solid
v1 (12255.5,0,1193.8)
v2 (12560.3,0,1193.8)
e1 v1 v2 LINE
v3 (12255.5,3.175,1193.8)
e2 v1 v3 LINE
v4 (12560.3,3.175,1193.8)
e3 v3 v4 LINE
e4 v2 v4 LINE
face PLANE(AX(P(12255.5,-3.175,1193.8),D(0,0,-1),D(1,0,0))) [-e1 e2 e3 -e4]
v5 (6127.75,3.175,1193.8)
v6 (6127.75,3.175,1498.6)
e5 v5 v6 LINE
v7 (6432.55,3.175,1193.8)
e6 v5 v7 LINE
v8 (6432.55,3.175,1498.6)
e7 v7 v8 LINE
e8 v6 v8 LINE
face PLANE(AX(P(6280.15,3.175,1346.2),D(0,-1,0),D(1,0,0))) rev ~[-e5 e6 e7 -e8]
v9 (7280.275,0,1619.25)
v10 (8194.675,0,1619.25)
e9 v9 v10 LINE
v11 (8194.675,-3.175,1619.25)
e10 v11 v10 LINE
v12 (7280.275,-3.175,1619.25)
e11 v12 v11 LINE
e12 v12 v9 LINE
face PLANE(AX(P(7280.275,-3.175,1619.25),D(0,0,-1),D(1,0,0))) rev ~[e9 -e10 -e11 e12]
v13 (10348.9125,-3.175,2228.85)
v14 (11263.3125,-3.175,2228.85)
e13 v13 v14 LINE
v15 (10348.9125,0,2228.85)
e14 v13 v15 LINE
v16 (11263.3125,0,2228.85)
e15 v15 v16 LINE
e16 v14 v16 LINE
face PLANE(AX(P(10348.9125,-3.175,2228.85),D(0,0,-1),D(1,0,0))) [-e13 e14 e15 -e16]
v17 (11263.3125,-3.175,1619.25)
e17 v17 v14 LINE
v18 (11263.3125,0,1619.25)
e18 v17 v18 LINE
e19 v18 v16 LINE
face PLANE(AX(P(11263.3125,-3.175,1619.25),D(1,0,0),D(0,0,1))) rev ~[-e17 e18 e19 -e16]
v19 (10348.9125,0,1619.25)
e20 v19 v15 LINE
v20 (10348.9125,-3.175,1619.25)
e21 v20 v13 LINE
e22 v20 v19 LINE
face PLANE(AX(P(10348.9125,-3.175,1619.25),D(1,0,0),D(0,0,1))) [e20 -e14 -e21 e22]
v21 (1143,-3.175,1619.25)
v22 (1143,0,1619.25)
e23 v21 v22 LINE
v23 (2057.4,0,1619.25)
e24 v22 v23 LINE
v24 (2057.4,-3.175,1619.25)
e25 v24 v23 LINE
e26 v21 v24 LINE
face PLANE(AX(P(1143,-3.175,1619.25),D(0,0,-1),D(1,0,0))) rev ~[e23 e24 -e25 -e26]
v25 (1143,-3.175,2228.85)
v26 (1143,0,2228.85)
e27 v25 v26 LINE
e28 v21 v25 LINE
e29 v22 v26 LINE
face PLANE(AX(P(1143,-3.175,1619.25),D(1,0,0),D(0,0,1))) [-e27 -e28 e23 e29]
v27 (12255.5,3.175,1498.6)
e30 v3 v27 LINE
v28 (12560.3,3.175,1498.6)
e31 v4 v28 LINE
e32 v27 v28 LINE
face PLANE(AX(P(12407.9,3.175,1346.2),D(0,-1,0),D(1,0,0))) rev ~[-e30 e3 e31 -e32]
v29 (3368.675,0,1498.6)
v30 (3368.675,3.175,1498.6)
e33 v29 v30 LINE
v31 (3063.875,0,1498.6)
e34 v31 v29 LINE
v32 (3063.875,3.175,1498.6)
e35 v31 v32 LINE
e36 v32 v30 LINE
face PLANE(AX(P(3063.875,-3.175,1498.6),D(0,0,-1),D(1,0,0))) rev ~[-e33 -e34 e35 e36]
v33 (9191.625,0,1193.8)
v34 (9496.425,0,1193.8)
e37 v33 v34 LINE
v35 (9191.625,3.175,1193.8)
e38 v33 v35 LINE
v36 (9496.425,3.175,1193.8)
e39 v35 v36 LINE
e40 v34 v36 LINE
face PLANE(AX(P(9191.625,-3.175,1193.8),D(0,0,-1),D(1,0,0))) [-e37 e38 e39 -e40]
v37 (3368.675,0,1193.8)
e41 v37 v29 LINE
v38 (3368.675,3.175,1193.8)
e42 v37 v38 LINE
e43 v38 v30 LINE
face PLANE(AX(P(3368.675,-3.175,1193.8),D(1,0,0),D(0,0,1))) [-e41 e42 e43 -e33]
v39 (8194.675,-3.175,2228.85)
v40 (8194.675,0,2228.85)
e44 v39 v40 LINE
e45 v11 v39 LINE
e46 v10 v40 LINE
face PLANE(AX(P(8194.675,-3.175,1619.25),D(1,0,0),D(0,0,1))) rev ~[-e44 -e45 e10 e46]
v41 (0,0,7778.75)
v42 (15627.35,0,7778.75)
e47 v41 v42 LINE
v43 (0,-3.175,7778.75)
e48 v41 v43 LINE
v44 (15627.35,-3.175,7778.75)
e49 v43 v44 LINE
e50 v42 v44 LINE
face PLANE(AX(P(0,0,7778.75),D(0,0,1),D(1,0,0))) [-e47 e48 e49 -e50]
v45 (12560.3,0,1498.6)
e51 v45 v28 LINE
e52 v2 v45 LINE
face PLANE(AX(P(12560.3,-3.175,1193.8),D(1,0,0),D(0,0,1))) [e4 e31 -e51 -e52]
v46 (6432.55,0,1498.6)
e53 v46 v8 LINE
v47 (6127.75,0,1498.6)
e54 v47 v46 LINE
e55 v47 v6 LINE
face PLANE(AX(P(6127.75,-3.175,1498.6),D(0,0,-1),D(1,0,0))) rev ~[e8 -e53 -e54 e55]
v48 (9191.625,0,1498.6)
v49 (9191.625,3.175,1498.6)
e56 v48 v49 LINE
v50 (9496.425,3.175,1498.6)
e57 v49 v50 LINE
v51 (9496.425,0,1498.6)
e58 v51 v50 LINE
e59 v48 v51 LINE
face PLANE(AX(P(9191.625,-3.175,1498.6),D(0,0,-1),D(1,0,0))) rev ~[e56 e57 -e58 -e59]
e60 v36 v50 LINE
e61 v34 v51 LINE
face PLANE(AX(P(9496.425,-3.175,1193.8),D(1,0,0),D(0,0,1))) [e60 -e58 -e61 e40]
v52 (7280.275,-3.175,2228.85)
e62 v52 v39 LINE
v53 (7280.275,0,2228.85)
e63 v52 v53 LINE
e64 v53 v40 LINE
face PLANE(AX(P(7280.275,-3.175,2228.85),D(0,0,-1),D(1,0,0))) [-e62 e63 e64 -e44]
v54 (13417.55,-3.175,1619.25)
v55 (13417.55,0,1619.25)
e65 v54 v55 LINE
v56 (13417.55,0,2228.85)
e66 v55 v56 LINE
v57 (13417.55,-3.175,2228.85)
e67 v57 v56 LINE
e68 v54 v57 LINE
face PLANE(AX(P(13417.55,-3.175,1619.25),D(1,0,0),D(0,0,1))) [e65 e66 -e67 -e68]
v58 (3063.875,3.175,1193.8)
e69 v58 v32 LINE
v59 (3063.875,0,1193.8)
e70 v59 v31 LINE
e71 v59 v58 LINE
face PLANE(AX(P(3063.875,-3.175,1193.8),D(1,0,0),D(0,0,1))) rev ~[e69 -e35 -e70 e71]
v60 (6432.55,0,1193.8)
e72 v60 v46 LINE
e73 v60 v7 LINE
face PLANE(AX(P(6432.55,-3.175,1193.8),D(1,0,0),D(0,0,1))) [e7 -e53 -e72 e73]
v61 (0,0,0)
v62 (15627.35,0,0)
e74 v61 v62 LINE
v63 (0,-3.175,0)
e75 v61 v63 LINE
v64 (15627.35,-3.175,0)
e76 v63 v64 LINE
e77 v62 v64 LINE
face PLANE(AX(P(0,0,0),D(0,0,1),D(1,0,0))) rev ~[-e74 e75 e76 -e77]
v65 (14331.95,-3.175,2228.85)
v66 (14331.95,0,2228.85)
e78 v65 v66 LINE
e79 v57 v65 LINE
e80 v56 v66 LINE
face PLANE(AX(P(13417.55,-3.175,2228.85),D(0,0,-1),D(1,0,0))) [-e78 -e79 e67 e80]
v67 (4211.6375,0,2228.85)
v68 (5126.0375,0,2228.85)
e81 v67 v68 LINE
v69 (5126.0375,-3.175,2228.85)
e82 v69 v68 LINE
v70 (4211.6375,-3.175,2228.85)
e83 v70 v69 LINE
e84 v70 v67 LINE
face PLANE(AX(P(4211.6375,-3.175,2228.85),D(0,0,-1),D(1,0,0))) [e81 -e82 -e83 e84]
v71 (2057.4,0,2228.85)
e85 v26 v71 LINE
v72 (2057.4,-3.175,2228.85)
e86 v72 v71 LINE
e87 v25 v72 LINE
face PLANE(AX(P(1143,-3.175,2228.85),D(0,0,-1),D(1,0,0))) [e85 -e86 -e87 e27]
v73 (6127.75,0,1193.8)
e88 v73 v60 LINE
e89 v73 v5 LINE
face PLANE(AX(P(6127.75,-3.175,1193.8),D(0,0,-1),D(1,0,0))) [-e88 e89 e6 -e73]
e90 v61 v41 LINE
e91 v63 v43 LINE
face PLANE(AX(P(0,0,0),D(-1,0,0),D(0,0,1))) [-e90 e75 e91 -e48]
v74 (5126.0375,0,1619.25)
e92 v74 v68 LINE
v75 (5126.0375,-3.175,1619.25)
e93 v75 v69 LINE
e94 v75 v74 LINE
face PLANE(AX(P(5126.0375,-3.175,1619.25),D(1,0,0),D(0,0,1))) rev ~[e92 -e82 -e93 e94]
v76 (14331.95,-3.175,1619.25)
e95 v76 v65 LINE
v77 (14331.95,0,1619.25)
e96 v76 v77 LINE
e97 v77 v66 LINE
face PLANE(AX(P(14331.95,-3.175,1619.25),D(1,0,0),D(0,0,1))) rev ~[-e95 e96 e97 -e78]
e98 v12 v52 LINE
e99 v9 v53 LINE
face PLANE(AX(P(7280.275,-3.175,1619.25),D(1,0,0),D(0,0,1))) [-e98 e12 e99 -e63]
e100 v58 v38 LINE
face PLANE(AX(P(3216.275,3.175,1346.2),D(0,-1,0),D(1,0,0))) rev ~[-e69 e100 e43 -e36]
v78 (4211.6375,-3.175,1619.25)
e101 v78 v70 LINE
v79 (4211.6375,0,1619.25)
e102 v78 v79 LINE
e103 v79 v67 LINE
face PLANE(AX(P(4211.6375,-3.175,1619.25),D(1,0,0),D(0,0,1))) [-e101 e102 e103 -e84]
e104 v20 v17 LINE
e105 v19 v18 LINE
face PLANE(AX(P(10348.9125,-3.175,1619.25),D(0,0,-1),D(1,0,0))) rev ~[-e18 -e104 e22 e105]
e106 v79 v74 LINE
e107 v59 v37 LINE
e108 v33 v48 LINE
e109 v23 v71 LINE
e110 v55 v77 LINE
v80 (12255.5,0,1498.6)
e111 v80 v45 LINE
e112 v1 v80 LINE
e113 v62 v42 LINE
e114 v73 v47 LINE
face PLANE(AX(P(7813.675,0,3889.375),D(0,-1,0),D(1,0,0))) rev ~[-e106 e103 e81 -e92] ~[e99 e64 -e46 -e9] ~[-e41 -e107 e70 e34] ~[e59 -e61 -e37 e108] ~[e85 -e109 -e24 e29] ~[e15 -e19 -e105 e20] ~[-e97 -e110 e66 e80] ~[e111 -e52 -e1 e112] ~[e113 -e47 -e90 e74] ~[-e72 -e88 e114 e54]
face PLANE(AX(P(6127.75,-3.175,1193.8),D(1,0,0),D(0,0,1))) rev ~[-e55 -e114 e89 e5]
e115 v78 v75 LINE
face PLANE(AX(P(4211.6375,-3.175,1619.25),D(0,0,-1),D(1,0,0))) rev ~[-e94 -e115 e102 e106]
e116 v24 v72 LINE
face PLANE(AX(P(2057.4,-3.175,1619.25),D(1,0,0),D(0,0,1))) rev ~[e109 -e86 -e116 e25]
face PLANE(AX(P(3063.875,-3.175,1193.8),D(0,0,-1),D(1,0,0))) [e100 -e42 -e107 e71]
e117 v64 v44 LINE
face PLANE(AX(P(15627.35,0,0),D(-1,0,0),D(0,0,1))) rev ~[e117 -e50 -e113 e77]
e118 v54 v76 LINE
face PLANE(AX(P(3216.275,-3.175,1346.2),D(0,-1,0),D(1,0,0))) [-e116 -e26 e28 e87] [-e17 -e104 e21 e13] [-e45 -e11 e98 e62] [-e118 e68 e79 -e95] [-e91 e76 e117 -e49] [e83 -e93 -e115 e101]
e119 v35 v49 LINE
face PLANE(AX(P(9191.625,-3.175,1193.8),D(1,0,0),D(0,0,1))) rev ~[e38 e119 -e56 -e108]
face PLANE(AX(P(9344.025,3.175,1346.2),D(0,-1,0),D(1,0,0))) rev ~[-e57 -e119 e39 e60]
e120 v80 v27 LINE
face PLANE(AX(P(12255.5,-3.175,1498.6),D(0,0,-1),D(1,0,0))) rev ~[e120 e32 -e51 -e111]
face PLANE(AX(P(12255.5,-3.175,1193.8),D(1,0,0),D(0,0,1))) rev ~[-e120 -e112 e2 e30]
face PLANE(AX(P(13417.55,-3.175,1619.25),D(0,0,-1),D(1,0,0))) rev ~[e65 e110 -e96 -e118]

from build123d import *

# Parameters (mm, degrees)
F0_W     = 15627.35
F0_H     = 7778.75
F1_DEPTH = 3.175
F4_W     = 914.4
F4_H     = 609.6
F5_DEPTH = 3.175
F3_W     = 304.8
F3_H     = 304.8
F6_DEPTH = 6.35


with BuildPart() as f1:
    # F0 (on Front) → F1 (new body)
    with BuildSketch(Plane.XZ):
        with Locations((7813.675, 3889.375)):
            Rectangle(F0_W, F0_H)
    extrude(amount=F1_DEPTH)

    # F4 (on face) → F5 (cut, through all)
    with BuildSketch(Plane.XZ.offset(3.175)):
        with Locations((1600.2, 1924.05)):
            Rectangle(F4_W, F4_H)
        with Locations((4668.8375, 1924.05)):
            Rectangle(F4_W, F4_H)
        with Locations((7737.475, 1924.05)):
            Rectangle(F4_W, F4_H)
        with Locations((10806.1125, 1924.05)):
            Rectangle(F4_W, F4_H)
        with Locations((13874.75, 1924.05)):
            Rectangle(F4_W, F4_H)
    extrude(amount=-F5_DEPTH, mode=Mode.SUBTRACT)

    # F3 (on face) → F6 (join)
    with BuildSketch(Plane.XZ.offset(3.175)):
        with Locations((3216.275, 1346.2)):
            Rectangle(F3_W, F3_H)
        with Locations((6280.15, 1346.2)):
            Rectangle(F3_W, F3_H)
        with Locations((9344.025, 1346.2)):
            Rectangle(F3_W, F3_H)
        with Locations((12407.9, 1346.2)):
            Rectangle(F3_W, F3_H)
    extrude(amount=-F6_DEPTH)


solid = f1.part
